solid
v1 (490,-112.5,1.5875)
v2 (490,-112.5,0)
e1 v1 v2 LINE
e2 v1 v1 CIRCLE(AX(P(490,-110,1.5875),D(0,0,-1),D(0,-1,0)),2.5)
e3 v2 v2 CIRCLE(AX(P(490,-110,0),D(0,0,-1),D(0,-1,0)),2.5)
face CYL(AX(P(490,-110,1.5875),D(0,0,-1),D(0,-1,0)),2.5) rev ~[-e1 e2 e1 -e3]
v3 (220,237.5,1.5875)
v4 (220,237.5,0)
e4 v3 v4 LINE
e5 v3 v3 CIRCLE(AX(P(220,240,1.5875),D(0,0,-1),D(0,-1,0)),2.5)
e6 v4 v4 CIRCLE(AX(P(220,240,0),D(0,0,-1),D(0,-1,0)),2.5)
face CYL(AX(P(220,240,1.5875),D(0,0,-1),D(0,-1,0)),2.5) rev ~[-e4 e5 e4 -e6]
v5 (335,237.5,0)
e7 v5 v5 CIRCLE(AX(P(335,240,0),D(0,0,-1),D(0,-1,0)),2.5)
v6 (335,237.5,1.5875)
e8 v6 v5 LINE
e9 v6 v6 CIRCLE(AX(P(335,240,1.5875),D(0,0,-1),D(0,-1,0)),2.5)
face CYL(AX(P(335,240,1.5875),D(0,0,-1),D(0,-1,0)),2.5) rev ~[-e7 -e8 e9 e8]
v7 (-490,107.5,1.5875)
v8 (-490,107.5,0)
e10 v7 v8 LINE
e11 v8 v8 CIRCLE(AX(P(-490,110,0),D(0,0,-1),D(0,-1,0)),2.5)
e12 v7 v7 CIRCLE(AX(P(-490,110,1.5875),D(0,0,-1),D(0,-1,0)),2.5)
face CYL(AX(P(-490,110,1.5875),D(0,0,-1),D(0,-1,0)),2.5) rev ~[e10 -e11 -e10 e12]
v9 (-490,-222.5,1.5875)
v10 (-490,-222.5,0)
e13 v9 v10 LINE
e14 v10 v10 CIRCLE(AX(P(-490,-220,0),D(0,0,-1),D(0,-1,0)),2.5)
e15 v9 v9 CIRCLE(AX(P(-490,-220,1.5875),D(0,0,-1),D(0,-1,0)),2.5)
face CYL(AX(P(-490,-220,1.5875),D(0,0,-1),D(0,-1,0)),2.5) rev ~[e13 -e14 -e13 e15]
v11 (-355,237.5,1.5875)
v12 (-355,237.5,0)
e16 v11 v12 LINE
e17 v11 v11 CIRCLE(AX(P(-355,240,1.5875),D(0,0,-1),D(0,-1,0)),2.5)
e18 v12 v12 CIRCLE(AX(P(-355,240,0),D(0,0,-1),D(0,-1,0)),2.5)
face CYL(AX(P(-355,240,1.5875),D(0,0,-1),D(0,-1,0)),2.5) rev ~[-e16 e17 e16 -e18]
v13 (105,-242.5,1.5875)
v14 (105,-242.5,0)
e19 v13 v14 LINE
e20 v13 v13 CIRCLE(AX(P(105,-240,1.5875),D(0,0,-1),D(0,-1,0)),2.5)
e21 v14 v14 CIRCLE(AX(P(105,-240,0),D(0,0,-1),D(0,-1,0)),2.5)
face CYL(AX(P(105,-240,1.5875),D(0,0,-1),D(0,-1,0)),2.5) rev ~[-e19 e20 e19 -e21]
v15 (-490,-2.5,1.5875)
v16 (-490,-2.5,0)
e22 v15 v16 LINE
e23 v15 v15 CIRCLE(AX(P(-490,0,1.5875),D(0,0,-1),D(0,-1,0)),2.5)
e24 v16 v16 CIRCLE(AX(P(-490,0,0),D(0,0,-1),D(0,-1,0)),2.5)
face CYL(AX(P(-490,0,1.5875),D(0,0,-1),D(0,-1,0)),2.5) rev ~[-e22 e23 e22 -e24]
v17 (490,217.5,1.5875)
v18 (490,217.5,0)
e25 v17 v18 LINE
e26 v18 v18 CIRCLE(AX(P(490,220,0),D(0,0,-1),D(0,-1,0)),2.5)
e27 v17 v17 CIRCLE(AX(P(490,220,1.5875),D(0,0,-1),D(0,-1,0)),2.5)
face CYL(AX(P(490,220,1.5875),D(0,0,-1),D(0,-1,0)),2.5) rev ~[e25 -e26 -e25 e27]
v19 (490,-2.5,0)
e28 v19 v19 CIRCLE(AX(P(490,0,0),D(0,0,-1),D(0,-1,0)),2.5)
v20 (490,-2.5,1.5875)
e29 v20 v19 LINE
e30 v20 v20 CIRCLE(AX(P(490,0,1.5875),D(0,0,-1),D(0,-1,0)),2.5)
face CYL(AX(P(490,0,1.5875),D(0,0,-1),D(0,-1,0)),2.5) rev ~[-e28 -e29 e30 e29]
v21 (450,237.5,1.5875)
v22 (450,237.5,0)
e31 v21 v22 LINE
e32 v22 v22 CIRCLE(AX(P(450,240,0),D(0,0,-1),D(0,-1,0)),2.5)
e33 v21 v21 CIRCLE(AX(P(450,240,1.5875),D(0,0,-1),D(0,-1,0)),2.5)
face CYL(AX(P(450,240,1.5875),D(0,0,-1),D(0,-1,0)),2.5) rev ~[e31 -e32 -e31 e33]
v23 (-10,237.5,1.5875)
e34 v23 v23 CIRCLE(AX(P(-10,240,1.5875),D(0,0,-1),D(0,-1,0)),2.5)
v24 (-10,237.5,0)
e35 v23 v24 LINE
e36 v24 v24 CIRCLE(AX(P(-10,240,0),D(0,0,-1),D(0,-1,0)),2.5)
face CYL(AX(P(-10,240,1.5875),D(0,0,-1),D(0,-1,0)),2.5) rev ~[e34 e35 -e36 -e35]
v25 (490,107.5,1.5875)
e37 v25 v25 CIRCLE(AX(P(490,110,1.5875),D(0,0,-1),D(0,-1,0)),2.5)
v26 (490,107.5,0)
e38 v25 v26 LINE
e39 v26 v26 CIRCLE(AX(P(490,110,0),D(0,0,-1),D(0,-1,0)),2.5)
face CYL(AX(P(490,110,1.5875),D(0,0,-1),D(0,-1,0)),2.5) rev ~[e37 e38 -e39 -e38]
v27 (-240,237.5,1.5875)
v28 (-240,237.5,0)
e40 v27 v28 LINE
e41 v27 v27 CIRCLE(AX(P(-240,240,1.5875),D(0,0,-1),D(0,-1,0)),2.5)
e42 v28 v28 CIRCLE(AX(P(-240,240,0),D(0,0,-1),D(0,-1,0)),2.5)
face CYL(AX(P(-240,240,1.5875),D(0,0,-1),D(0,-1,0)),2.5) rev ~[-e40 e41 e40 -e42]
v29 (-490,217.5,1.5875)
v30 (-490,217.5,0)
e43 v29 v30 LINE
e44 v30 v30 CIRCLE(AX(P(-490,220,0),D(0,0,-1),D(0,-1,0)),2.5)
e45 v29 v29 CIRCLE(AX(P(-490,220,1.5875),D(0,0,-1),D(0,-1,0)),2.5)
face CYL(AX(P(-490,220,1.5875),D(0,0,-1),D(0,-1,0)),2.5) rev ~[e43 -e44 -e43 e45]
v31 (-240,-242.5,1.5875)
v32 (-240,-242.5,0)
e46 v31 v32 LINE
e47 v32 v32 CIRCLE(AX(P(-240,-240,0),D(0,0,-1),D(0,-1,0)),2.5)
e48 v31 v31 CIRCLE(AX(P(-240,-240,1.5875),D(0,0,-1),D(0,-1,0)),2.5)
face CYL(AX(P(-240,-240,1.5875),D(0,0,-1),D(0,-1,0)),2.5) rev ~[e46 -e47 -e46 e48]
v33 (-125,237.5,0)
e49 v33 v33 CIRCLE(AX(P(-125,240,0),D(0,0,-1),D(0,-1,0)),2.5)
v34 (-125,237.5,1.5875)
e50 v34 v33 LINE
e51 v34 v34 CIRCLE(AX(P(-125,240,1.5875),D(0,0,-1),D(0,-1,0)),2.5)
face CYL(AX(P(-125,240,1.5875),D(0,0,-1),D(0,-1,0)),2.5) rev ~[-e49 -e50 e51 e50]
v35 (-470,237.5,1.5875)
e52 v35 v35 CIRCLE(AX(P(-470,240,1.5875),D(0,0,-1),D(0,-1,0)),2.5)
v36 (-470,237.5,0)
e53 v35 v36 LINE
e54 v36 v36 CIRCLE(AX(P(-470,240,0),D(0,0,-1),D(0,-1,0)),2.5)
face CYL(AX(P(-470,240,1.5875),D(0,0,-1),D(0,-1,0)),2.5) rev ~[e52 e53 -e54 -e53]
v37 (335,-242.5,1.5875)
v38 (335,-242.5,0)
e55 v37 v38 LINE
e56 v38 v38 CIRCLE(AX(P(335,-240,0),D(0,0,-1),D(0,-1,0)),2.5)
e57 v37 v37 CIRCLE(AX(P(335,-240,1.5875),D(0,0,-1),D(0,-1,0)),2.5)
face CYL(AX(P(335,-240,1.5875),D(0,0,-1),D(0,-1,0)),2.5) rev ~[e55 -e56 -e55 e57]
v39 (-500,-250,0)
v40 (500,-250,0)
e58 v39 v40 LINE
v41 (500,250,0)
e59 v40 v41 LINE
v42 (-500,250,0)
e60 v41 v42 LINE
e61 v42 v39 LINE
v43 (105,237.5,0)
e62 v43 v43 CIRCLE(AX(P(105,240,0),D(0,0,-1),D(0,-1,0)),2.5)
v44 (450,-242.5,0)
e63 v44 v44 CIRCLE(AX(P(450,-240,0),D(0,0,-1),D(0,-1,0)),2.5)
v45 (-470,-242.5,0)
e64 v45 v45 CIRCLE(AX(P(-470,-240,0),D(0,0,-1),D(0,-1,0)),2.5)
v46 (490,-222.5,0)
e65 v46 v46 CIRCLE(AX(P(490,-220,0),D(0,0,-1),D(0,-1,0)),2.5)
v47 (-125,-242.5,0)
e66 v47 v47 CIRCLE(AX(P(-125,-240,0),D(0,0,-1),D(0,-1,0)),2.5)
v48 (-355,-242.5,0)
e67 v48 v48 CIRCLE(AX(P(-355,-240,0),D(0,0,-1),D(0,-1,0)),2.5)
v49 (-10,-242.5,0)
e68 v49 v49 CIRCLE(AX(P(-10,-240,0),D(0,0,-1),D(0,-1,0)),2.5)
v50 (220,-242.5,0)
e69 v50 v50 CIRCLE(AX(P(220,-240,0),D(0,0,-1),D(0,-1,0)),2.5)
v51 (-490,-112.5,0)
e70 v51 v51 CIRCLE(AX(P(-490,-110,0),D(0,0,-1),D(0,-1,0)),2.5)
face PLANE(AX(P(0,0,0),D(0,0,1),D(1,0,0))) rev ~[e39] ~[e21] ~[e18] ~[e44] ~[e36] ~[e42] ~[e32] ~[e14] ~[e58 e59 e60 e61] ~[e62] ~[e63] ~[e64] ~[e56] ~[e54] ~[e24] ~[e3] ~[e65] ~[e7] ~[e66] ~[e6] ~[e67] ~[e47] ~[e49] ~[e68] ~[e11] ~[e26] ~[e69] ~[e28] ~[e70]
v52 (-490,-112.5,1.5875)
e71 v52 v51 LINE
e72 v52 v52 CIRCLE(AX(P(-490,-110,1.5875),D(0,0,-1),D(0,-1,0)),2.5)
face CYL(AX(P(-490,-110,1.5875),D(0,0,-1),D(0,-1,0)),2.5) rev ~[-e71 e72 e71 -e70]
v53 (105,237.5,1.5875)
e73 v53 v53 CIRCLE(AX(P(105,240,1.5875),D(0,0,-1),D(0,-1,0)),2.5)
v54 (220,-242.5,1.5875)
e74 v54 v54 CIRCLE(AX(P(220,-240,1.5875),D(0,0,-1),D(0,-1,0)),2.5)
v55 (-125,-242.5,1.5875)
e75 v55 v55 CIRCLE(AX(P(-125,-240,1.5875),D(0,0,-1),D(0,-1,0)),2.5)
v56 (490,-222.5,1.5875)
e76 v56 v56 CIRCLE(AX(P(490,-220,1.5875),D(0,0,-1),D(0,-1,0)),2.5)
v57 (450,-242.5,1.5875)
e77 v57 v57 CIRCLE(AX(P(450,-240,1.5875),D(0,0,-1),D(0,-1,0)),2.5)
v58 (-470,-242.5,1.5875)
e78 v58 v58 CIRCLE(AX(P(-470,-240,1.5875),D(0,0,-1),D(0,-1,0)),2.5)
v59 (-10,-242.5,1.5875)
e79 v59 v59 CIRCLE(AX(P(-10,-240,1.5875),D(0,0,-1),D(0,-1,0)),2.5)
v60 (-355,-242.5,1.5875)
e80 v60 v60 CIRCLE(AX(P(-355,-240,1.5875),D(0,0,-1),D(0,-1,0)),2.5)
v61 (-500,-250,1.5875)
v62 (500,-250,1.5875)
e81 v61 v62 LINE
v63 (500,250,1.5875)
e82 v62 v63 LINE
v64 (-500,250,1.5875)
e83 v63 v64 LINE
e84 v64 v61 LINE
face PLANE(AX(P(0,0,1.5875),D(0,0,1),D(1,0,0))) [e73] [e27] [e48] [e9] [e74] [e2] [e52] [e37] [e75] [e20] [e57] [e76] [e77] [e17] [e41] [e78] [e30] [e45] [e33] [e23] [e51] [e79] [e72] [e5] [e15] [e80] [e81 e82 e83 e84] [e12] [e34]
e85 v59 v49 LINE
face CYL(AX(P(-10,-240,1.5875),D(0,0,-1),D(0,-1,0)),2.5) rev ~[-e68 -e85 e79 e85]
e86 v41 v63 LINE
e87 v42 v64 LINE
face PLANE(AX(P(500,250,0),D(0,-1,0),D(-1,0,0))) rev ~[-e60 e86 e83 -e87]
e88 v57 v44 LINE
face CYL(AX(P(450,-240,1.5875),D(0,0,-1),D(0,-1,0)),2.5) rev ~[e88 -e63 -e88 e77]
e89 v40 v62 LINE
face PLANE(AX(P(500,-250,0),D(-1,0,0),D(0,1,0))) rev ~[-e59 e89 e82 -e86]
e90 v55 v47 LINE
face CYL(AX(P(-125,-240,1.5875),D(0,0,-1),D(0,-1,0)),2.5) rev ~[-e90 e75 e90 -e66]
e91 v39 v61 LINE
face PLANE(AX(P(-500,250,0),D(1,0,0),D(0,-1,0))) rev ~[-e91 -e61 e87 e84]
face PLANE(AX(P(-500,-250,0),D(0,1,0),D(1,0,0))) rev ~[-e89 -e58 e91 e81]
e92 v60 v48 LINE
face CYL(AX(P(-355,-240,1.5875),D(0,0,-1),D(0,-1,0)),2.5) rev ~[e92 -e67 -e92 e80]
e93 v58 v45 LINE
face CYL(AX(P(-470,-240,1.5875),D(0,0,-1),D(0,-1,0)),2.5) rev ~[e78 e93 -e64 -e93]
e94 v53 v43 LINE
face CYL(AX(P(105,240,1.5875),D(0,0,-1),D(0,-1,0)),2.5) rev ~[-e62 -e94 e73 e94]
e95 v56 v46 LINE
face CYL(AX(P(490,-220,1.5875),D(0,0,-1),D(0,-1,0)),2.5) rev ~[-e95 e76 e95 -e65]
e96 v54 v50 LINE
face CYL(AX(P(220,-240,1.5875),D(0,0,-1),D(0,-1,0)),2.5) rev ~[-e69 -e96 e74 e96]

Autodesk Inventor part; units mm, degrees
ref_plane "YZ Plane" through (0, 0, 0) normal (1, 0, 0) x (0, 1, 0)
ref_plane "XZ Plane" through (0, 0, 0) normal (0, 1, 0) x (-1, 0, 0)
ref_plane "XY Plane" through (0, 0, 0) normal (0, 0, 1) x (1, 0, 0)
sketch "Sketch1" plane through (0, 0, 0) normal (0, 0, 1) x (1, 0, 0)
  line L0 (-500, -250) -> (500, -250)
  line L1 (500, -250) -> (500, 250)
  line L2 (500, 250) -> (-500, 250)
  line L3 (-500, 250) -> (-500, -250)
  line L4 (-500, -250) -> (500, 250) construction
  line L5 (500, -250) -> (-500, 250) construction
  point P0 (0, 0)
  dimension "d0" = 1000
  dimension "d1" = 500
extrude "Extrusion1" add sketch "Sketch1" along normal blind 1.5875
sketch "Sketch2" plane through (0, 0, 1.5875) normal (0, 0, 1) x (1, 0, 0)
  line L0 (-500, -250) -> (500, -250) projected
  line L1 (500, -250) -> (500, 250) projected
  line L2 (500, 250) -> (-500, 250) projected
  line L3 (-500, 250) -> (-500, -250) projected
  point P0 (0, 0)
  point P1 (-470, 240)
  dimension "d4" = 10
  dimension "d5" = 30
hole "Hole1" at (-470, 240, 1.5875) direction (0, 0, -1) diameter 5 end through all
pattern_linear "Rectangular Pattern1" count 9 spacing 115 along (1, 0, 0) count 2 spacing 480 along (0, -1, 0) of "Hole1"
sketch "Sketch3" plane through (0, 0, 1.5875) normal (0, 0, 1) x (1, 0, 0)
  circle A0 centre (220, -240) radius 2.5 projected
  circle A1 centre (105, -240) radius 2.5 projected
  circle A2 centre (-10, -240) radius 2.5 projected
  circle A3 centre (-125, -240) radius 2.5 projected
  circle A4 centre (-240, -240) radius 2.5 projected
  circle A5 centre (-355, -240) radius 2.5 projected
  circle A6 centre (-470, -240) radius 2.5 projected
  circle A7 centre (220, 240) radius 2.5 projected
  circle A8 centre (105, 240) radius 2.5 projected
  circle A9 centre (-10, 240) radius 2.5 projected
  circle A10 centre (-125, 240) radius 2.5 projected
  circle A11 centre (-240, 240) radius 2.5 projected
  circle A12 centre (-355, 240) radius 2.5 projected
  circle A13 centre (-470, 240) radius 2.5 projected
  line L0 (-500, -250) -> (500, -250) projected
  line L1 (500, -250) -> (500, 250) projected
  line L2 (500, 250) -> (-500, 250) projected
  line L3 (-500, 250) -> (-500, -250) projected
  point P0 (0, 0)
  point P1 (-490, 220)
  dimension "d19" = 10
  dimension "d20" = 30
hole "Hole2" at (-490, 220, 1.5875) direction (0, 0, -1) diameter 5 end through all
pattern_linear "Rectangular Pattern2" count 5 spacing 110 along (0, -1, 0) count 2 spacing 980 along (1, 0, 0) of "Hole2"
properties part number "Face A Felt" material "Nylon 6/6"
